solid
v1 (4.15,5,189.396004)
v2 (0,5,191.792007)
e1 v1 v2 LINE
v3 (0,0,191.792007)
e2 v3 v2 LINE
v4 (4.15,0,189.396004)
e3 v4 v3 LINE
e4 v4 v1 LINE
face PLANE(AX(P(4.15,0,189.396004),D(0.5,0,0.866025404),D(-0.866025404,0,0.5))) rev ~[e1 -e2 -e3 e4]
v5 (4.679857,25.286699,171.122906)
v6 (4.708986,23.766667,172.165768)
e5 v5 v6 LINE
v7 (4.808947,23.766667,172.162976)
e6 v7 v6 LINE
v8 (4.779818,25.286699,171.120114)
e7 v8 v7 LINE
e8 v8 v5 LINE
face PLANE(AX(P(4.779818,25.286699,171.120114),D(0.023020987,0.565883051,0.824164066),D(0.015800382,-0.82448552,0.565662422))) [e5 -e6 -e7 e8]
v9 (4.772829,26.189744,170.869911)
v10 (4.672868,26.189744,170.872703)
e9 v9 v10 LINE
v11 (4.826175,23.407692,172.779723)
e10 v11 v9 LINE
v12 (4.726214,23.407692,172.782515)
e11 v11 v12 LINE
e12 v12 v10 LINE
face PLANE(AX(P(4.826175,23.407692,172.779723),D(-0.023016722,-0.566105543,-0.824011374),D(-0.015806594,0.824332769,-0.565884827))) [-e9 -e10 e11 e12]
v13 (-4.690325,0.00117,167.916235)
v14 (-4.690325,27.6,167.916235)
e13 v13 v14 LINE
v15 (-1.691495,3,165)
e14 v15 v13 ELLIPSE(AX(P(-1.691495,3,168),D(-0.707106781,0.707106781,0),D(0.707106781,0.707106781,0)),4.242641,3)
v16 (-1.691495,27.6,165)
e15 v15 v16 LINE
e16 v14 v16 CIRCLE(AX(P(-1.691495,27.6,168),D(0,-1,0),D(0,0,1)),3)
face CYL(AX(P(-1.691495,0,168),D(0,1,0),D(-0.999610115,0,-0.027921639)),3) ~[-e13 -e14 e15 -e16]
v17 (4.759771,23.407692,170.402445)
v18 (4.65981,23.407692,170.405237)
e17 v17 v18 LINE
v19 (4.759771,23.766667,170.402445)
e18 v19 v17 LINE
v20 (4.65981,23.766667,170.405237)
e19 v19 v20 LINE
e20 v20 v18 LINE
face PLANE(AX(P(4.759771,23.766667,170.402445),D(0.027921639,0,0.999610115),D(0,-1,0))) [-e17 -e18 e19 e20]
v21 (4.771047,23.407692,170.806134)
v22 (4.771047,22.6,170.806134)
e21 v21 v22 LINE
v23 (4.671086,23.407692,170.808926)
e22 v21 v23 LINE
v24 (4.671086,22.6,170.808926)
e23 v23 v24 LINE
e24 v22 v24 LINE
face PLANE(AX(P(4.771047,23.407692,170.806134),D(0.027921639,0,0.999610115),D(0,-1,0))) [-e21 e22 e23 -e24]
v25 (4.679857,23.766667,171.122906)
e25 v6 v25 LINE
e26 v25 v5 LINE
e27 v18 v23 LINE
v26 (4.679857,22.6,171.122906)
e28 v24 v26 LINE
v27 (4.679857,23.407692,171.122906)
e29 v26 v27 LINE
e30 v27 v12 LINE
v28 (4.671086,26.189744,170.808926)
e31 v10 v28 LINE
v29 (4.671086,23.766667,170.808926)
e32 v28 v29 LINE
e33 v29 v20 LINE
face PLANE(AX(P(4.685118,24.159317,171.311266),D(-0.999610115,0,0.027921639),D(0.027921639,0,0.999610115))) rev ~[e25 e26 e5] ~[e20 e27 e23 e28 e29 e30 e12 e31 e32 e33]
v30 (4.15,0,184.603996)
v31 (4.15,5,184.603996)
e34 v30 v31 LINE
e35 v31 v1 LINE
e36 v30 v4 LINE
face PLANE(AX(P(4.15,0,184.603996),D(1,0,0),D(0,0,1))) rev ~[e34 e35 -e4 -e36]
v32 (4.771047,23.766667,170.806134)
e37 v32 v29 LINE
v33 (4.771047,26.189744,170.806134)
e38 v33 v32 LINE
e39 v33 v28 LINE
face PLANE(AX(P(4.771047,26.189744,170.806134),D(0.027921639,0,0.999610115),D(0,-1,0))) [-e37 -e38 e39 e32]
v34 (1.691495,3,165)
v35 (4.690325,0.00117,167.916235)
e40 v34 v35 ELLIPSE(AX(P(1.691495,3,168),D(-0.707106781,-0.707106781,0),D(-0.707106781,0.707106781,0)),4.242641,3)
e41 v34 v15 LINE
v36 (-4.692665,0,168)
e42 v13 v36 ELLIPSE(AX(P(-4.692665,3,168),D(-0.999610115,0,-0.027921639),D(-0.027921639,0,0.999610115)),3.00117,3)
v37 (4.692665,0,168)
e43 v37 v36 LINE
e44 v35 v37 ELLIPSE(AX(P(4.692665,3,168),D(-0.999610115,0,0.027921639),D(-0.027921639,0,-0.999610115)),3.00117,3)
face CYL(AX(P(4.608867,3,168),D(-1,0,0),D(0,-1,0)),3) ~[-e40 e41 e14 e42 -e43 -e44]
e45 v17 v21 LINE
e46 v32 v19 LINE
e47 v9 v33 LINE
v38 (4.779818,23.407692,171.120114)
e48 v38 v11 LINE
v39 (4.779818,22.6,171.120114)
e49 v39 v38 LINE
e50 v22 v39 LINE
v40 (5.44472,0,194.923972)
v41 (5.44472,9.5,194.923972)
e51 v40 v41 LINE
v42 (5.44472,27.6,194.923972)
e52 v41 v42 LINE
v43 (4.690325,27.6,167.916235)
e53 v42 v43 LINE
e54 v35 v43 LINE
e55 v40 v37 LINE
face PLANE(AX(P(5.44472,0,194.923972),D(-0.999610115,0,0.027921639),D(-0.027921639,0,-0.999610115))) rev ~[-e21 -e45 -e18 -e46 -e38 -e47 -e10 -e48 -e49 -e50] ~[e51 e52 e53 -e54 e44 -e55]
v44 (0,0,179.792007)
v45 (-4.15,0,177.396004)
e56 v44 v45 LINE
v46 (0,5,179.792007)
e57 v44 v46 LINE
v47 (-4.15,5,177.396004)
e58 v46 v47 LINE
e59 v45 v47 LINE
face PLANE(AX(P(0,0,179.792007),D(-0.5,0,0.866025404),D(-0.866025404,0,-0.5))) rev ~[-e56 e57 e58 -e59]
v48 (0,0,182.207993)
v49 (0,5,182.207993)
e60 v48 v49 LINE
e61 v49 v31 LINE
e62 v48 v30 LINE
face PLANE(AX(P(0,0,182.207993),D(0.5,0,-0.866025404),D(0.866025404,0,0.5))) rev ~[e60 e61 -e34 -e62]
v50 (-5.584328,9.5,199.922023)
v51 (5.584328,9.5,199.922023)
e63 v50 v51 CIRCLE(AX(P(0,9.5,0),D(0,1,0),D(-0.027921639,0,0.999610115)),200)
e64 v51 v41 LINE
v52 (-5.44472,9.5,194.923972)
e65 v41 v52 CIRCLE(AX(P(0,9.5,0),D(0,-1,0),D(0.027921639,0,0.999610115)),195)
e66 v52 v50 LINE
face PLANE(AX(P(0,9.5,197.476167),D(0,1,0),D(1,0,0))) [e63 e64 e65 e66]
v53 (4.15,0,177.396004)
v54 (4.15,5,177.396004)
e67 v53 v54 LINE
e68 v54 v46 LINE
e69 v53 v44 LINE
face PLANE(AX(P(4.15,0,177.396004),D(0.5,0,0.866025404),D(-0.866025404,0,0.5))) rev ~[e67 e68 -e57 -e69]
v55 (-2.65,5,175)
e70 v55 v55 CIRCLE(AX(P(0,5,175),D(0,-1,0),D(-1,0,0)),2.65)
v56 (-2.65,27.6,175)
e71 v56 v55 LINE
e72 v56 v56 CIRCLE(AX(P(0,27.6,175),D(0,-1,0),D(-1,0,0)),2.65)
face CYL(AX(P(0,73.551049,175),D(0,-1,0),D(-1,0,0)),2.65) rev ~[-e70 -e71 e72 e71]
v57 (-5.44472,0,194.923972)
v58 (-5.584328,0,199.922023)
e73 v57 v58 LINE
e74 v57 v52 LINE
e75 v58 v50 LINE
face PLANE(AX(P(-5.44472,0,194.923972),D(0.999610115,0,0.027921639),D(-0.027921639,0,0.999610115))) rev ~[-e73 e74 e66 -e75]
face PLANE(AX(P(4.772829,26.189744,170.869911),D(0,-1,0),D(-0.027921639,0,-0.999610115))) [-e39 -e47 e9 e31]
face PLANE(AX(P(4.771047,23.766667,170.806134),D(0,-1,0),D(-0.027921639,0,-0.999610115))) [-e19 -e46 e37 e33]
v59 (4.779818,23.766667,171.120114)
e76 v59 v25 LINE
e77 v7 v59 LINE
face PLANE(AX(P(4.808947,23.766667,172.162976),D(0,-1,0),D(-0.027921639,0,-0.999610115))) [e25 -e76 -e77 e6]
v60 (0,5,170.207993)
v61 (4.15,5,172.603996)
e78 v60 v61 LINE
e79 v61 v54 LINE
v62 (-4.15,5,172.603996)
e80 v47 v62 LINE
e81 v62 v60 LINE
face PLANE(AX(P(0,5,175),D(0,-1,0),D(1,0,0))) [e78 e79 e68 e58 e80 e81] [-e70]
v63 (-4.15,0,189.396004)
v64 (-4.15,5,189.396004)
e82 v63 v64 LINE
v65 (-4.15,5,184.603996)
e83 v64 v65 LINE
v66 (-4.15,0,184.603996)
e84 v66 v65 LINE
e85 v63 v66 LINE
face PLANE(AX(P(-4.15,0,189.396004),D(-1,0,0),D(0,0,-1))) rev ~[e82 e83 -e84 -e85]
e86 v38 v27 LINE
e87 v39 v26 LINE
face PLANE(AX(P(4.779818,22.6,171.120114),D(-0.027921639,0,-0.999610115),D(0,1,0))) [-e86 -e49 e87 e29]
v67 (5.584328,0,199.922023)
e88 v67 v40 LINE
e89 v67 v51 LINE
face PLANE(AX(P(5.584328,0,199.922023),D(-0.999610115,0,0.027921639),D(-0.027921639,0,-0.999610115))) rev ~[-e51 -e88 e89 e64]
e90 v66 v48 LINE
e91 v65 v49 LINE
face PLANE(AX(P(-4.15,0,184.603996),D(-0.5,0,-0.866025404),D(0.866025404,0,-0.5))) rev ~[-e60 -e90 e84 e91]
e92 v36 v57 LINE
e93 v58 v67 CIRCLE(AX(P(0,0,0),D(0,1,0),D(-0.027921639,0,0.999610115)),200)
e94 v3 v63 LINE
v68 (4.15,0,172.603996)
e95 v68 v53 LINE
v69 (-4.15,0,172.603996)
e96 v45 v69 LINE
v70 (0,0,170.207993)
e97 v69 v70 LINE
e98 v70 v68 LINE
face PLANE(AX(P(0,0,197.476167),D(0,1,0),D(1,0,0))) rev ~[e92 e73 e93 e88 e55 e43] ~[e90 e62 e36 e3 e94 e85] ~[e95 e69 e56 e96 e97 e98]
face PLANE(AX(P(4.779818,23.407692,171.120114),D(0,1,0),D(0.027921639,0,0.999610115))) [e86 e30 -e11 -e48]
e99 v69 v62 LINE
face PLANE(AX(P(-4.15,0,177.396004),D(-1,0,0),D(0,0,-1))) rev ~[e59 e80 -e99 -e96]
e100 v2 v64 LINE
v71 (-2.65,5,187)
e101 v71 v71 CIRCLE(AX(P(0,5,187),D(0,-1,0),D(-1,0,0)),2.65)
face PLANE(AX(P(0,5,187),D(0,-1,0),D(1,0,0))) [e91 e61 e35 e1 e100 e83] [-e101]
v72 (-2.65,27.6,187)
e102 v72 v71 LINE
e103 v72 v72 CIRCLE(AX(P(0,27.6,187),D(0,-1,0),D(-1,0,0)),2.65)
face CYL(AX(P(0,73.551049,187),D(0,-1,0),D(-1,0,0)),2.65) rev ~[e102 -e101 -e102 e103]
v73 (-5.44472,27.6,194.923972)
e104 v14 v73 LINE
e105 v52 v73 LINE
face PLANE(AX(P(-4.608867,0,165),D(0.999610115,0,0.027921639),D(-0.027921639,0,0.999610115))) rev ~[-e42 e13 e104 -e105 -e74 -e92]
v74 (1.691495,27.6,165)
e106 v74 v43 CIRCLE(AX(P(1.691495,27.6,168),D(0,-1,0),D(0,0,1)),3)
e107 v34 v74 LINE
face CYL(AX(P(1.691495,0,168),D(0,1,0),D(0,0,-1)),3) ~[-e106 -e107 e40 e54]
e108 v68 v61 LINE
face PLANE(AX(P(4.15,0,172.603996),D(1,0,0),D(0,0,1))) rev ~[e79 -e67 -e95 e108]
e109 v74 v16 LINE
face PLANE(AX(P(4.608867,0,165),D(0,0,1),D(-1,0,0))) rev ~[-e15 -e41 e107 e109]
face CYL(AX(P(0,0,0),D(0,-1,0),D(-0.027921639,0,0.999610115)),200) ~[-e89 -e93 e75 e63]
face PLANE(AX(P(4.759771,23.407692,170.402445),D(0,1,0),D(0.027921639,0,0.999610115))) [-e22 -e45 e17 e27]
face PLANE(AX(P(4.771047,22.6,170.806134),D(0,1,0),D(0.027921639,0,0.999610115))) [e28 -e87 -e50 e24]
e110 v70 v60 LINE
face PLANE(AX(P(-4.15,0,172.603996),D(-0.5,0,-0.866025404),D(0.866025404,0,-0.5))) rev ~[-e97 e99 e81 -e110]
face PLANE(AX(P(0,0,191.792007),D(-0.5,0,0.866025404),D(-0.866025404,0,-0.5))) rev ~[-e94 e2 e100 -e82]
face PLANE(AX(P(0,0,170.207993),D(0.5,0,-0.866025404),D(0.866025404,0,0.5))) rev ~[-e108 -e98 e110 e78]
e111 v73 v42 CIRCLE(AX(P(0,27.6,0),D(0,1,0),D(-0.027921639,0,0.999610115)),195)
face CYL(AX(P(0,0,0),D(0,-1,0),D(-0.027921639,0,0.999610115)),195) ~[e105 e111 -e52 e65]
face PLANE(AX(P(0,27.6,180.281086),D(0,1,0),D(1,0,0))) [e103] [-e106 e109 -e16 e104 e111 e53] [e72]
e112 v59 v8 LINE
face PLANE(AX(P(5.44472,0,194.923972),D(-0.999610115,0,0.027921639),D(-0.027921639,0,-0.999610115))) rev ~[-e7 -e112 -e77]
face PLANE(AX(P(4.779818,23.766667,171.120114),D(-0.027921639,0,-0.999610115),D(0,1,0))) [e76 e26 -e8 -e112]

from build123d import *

# Parameters (mm, degrees)
EXTRUDE_590_DEPTH   = 27.6
EXTRUDE_638_DEPTH   = 9.5
FILLET_1_R          = 3
HOLE_WIZARD_M5_1_D  = 5.3
CUT_EXTRUDE_1_DEPTH = 5
CUT_EXTRUDE_2_DEPTH = 0.1


with BuildPart() as part:
    # 草图1 → Extrude 590 (new body)
    with BuildSketch(Plane(origin=(0, 0, 0), x_dir=(1, 0, 0), z_dir=(0, 1, 0))):
        with BuildLine():
            Line((4.608867317, -165), (-4.608867317, -165))
            Line((-4.608867317, -165), (-5.444719551, -194.923972433))
            ThreePointArc((-5.444719551, -194.923972433), (0, -195), (5.444719551, -194.923972433))
            Line((5.444719551, -194.923972433), (4.608867317, -165))
        make_face()
    extrude(amount=EXTRUDE_590_DEPTH)

    # 草图1<3> → Extrude 638 (add)
    with BuildSketch(Plane(origin=(0, 0, 0), x_dir=(1, 0, 0), z_dir=(0, 1, 0))):
        with BuildLine():
            ThreePointArc((5.444719551, -194.923972433), (0, -195), (-5.444719551, -194.923972433))
            Line((-5.444719551, -194.923972433), (-5.584327745, -199.922023008))
            ThreePointArc((-5.584327745, -199.922023008), (0, -200), (5.584327745, -199.922023008))
            Line((5.584327745, -199.922023008), (5.444719551, -194.923972433))
        make_face()
    extrude(amount=EXTRUDE_638_DEPTH)

    # 圆角1
    fillet_1_edges = [part.edges().sort_by_distance(p)[0] for p in [
        (0, 0, 165),
        (-4.608867317, 13.8, 165),
        (4.608867317, 13.8, 165),
    ]]
    fillet(fillet_1_edges, radius=FILLET_1_R)

    # M5 间隙孔1 (through all)
    with Locations(Plane(origin=(0, 27.6, 0), x_dir=(1, 0, 0), z_dir=(0, 1, 0))):
        with Locations((0, -187), (0, -175)):
            Hole(HOLE_WIZARD_M5_1_D / 2)

    # 草图6 → 切除-拉伸1 (cut)
    with BuildSketch(Plane.XZ):
        Polygon((0, 179.792007234), (-4.15, 177.396003617), (-4.15, 172.603996383), (0, 170.207992766), (4.15, 172.603996383), (4.15, 177.396003617), align=None)
        Polygon((0, 191.792007234), (-4.15, 189.396003617), (-4.15, 184.603996383), (0, 182.207992766), (4.15, 184.603996383), (4.15, 189.396003617), align=None)
    extrude(amount=-CUT_EXTRUDE_1_DEPTH, mode=Mode.SUBTRACT)

    # 草图7 → 切除-拉伸2 (cut)
    with BuildSketch(Plane(origin=(0, 0, 0), x_dir=(-0.02792163872356911, 0, -0.9996101150403545), z_dir=(0.9996101150403545, 0, -0.02792163872356911))):
        Polygon((-170.936556358, 26.18974359), (-170.872754274, 26.18974359), (-170.872754274, 23.766666667), (-170.46890812, 23.766666667), (-170.46890812, 23.407692308), (-170.872754274, 23.407692308), (-170.872754274, 22.6), (-171.186856838, 22.6), (-171.186856838, 23.407692308), (-172.847113249, 23.407692308), align=None)
        Polygon((-171.186856838, 23.766666667), (-171.186856838, 25.286698718), (-172.230126069, 23.766666667), align=None, mode=Mode.SUBTRACT)
    extrude(amount=-CUT_EXTRUDE_2_DEPTH, mode=Mode.SUBTRACT)


solid = part.part
